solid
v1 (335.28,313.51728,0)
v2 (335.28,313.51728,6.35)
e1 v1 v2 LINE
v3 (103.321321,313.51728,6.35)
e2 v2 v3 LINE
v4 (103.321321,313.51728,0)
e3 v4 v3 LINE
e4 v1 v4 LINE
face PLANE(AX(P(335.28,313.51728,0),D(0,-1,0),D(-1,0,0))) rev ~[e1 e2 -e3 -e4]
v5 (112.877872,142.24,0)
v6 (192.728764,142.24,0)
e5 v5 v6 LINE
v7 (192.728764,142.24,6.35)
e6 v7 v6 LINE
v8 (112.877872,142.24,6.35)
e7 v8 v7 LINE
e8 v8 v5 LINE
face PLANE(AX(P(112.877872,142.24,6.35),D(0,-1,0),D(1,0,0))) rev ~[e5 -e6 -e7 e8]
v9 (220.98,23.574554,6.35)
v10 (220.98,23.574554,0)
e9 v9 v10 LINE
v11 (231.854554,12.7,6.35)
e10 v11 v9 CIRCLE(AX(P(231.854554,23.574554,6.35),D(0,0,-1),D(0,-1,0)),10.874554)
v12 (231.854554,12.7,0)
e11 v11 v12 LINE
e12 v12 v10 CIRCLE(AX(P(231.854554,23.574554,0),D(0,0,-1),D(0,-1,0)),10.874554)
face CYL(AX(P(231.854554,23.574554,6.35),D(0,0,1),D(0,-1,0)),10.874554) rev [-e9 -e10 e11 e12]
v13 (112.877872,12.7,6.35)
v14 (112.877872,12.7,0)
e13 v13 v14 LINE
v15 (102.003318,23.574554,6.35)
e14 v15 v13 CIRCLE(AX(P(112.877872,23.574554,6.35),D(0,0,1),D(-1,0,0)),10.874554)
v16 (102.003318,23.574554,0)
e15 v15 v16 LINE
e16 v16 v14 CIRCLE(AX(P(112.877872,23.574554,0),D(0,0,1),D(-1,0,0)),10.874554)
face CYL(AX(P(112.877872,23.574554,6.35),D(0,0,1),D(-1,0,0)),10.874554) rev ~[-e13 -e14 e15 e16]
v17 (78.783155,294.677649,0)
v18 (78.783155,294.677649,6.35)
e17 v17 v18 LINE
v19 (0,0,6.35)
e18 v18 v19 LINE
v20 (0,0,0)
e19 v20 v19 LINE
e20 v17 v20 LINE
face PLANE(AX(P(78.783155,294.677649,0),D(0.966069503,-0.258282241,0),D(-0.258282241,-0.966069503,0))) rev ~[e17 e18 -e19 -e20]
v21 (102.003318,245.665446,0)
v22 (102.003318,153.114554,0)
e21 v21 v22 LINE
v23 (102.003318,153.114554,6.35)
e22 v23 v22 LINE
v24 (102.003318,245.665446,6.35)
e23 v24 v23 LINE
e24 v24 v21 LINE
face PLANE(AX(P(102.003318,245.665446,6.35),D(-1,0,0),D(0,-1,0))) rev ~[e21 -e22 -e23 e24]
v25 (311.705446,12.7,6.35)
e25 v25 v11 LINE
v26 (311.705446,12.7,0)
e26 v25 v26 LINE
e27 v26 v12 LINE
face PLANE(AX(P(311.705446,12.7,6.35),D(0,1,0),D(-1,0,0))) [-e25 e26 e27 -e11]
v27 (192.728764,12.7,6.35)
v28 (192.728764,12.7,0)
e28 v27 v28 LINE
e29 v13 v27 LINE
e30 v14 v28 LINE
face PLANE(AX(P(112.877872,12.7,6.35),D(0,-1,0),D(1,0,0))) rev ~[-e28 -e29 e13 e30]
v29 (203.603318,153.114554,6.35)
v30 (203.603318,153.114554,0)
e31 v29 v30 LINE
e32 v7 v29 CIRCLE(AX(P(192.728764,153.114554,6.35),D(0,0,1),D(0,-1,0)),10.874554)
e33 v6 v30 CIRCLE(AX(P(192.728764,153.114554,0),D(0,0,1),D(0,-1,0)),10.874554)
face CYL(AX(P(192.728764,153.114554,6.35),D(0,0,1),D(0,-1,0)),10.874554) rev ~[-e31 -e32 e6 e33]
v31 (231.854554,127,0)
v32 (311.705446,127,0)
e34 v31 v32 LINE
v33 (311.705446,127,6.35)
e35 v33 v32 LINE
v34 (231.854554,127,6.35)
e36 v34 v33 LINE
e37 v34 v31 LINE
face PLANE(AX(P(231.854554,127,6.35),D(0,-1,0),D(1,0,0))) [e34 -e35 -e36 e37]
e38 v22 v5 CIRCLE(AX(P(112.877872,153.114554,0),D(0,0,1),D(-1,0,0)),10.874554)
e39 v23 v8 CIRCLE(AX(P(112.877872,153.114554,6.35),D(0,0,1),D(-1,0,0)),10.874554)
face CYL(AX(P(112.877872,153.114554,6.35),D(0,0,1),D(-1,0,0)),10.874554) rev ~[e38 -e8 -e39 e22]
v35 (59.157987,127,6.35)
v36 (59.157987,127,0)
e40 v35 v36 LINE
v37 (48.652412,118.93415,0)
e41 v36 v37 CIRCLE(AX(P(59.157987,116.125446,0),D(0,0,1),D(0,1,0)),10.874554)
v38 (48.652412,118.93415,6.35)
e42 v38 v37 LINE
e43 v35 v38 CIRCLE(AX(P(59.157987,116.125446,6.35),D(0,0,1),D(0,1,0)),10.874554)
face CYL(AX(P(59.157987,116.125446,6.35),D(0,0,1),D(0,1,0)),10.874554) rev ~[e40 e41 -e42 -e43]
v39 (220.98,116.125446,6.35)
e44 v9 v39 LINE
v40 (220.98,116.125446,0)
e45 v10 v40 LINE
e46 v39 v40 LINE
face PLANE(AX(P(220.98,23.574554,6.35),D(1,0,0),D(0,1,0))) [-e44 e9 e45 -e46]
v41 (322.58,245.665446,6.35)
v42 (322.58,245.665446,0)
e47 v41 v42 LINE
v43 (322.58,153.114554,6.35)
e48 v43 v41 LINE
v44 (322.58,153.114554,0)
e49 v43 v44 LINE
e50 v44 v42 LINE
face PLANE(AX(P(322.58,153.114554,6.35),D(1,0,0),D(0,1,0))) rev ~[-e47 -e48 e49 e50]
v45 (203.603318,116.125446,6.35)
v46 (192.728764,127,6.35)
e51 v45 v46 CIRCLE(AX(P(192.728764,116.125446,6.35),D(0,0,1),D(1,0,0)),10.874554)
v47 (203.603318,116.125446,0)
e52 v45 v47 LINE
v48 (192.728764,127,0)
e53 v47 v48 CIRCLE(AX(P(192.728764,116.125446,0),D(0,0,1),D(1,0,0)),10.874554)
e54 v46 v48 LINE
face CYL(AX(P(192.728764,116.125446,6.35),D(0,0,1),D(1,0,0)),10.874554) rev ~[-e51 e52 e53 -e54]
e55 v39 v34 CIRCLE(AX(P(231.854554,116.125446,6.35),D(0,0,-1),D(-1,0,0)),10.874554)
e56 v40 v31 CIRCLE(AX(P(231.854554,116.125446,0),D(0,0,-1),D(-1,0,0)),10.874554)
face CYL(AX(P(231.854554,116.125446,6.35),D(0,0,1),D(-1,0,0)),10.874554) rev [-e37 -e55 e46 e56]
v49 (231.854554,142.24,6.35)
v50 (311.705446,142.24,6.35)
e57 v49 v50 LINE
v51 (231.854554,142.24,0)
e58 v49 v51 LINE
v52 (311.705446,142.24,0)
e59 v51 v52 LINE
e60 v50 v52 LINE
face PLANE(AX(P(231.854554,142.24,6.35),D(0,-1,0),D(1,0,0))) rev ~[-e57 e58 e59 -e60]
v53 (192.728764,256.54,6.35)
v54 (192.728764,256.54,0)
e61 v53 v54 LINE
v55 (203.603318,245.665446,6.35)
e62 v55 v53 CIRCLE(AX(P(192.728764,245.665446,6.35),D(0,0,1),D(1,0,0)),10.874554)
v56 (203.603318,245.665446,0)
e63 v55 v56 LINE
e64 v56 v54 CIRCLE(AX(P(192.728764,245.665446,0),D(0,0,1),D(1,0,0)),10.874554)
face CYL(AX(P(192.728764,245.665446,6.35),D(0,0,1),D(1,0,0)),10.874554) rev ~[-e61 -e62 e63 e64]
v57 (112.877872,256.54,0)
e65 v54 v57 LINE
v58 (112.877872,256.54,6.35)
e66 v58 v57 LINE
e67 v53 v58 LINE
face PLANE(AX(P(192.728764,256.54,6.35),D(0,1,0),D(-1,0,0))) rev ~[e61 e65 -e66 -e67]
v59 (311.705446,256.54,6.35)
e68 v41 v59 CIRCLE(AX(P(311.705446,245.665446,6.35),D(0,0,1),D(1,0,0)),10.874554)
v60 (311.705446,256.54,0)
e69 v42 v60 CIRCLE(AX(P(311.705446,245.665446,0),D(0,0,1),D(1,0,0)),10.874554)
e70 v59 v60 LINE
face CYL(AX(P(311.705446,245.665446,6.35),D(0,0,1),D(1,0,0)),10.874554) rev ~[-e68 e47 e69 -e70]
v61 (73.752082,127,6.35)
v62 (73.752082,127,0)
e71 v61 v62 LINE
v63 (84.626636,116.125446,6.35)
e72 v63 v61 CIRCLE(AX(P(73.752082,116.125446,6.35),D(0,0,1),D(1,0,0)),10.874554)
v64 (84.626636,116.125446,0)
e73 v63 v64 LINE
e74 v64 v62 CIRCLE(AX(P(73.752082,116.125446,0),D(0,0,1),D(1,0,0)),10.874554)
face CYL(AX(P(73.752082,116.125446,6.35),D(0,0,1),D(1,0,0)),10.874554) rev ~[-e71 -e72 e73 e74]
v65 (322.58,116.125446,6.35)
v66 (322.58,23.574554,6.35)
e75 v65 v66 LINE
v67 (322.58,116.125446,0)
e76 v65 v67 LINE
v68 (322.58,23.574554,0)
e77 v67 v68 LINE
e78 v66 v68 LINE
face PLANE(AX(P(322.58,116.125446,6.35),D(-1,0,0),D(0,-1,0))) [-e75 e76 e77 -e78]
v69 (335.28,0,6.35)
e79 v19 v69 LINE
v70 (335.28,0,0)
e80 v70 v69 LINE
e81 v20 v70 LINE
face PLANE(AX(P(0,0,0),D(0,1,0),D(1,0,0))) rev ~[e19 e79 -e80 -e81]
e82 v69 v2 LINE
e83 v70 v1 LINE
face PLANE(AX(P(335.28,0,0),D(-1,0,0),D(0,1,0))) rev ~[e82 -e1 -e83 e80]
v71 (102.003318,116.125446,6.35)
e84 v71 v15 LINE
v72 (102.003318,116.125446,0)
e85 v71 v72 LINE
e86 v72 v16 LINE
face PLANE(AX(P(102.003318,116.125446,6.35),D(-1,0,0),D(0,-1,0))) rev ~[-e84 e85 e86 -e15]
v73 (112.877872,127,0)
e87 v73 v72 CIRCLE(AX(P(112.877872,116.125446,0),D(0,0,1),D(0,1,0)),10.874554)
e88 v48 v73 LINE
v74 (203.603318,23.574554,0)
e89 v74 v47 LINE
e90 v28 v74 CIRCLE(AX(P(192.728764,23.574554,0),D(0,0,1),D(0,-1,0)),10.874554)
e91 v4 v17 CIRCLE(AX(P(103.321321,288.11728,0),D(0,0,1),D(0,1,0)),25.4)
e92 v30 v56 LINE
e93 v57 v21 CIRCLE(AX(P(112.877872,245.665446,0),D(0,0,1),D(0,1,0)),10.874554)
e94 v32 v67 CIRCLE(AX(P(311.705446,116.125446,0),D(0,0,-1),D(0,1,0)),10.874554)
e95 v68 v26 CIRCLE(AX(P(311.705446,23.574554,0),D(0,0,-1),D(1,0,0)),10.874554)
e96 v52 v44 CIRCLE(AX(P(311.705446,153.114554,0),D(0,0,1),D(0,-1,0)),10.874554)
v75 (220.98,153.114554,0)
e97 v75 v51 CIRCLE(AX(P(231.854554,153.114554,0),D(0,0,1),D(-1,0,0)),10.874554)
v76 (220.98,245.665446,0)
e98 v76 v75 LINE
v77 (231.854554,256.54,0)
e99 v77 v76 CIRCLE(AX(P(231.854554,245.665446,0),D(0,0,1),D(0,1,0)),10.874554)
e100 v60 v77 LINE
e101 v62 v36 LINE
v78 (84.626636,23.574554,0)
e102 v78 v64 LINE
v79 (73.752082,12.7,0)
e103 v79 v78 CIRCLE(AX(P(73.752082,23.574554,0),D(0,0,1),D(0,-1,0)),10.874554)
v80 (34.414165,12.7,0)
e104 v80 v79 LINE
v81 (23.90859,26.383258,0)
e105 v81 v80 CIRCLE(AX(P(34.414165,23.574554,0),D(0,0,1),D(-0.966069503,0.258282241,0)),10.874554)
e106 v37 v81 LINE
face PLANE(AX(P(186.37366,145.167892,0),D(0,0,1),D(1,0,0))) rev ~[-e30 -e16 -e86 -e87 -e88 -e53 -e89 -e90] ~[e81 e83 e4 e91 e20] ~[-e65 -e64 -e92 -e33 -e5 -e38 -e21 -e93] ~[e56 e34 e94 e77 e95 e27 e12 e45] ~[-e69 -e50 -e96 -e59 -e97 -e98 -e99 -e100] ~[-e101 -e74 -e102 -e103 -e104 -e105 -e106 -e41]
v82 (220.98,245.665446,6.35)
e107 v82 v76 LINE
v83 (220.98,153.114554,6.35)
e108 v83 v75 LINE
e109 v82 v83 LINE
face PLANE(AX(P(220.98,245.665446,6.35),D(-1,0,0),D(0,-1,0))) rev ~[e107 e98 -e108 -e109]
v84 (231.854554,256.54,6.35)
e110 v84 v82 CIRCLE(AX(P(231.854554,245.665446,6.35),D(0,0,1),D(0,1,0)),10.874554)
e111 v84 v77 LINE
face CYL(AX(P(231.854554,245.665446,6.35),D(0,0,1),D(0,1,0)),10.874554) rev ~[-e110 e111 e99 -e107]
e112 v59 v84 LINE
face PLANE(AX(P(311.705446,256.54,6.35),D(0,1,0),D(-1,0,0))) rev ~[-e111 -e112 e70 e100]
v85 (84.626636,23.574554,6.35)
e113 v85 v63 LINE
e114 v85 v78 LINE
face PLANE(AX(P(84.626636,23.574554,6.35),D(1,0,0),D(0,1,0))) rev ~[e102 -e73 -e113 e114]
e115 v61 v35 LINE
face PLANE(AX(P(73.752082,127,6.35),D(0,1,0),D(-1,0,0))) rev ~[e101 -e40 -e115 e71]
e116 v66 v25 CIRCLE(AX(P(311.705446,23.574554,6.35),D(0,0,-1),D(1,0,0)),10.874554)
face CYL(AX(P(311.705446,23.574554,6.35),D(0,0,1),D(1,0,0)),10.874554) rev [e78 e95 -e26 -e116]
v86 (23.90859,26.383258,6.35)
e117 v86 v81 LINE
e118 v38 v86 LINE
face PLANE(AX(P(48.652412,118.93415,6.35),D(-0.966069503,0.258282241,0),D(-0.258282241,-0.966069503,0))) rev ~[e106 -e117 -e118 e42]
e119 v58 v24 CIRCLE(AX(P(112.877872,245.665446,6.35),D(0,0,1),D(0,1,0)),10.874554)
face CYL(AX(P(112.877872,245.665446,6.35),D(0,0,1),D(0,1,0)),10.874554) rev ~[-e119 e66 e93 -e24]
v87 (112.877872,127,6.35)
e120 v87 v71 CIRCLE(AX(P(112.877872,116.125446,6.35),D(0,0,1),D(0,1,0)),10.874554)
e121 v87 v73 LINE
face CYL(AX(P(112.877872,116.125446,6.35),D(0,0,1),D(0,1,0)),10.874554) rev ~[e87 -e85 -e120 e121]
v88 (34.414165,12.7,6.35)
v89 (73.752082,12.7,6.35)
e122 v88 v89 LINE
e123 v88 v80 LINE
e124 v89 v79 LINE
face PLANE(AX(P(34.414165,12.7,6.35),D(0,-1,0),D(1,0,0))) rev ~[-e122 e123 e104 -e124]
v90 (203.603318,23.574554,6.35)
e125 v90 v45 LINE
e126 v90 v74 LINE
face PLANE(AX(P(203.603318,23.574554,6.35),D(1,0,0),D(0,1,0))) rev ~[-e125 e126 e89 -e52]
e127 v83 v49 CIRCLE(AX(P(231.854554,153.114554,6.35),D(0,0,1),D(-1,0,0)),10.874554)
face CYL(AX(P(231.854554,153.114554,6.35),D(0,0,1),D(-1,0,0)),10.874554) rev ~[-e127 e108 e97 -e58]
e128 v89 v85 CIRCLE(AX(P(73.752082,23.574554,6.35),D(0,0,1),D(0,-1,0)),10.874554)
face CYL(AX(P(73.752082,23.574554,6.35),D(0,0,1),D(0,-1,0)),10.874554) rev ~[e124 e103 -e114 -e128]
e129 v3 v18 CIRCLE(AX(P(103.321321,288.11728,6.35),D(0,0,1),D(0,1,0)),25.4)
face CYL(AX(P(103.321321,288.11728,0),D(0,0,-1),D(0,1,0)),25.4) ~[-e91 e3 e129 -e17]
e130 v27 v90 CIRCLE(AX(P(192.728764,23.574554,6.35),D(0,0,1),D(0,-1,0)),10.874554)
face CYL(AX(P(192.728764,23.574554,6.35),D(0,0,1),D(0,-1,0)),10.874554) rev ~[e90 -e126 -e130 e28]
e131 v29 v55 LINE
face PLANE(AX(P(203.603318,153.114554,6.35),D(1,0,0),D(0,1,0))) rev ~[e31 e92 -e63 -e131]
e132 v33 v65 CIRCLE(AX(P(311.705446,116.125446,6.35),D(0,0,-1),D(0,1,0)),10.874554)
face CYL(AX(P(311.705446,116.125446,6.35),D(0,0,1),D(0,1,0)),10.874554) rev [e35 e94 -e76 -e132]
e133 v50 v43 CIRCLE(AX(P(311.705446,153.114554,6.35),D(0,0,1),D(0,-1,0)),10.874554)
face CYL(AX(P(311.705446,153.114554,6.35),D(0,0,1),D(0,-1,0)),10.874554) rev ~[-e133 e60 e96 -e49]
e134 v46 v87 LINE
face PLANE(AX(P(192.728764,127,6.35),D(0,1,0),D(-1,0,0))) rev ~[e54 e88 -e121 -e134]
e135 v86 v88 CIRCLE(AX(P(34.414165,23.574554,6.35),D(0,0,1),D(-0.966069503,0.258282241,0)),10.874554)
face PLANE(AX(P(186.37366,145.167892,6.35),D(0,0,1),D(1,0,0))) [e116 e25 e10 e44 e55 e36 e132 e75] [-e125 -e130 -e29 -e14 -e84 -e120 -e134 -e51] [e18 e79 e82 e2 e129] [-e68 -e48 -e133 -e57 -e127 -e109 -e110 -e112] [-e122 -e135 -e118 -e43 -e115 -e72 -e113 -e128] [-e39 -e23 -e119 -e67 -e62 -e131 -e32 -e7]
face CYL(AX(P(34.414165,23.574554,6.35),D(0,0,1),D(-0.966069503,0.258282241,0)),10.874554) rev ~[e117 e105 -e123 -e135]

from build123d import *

# Parameters (mm, degrees)
BOSS_EXTRUDE1_DEPTH = 6.35
CUT_EXTRUDE1_DEPTH  = 6.35


with BuildPart() as part:
    # Sketch1 → Boss-Extrude1 (new body)
    with BuildSketch(Plane.XY):
        with BuildLine():
            Line((0, 0), (335.28, 0))
            Line((335.28, 0), (335.28, 313.51728))
            Line((335.28, 313.51728), (103.321320582, 313.51728))
            ThreePointArc((103.321320582, 313.51728), (87.853181888, 308.264157806), (78.783155215, 294.677648925))
            Line((78.783155215, 294.677648925), (0, 0))
        make_face()
    extrude(amount=BOSS_EXTRUDE1_DEPTH)

    # Sketch2 → Cut-Extrude1 (cut)
    with BuildSketch(Plane.XY.offset(6.35)):
        with BuildLine():
            Line((311.705446202, 12.7), (231.854553798, 12.7))
            ThreePointArc((231.854553798, 12.7), (224.165083065, 15.885083065), (220.98, 23.574553798))
            Line((220.98, 23.574553798), (220.98, 116.125446202))
            ThreePointArc((220.98, 116.125446202), (224.165083065, 123.814916935), (231.854553798, 127))
            Line((231.854553798, 127), (311.705446202, 127))
            ThreePointArc((311.705446202, 127), (319.394916935, 123.814916935), (322.58, 116.125446202))
            Line((322.58, 116.125446202), (322.58, 23.574553798))
            ThreePointArc((322.58, 23.574553798), (319.394916935, 15.885083065), (311.705446202, 12.7))
        make_face()
        with BuildLine():
            Line((203.603317785, 23.574553798), (203.603317785, 116.125446202))
            ThreePointArc((203.603317785, 116.125446202), (200.41823472, 123.814916935), (192.728763987, 127))
            Line((192.728763987, 127), (112.877871584, 127))
            ThreePointArc((112.877871584, 127), (105.18840085, 123.814916935), (102.003317785, 116.125446202))
            Line((102.003317785, 116.125446202), (102.003317785, 23.574553798))
            ThreePointArc((102.003317785, 23.574553798), (105.18840085, 15.885083065), (112.877871584, 12.7))
            Line((112.877871584, 12.7), (192.728763987, 12.7))
            ThreePointArc((192.728763987, 12.7), (200.41823472, 15.885083065), (203.603317785, 23.574553798))
        make_face()
        with BuildLine():
            Line((84.62663557, 23.574553798), (84.62663557, 116.125446202))
            ThreePointArc((84.62663557, 116.125446202), (81.441552505, 123.814916935), (73.752081772, 127))
            Line((73.752081772, 127), (59.157987156, 127))
            ThreePointArc((59.157987156, 127), (52.535581392, 124.750970083), (48.652412376, 118.934150328))
            Line((48.652412376, 118.934150328), (23.908590277, 26.383257925))
            ThreePointArc((23.908590277, 26.383257925), (25.788641176, 16.952148035), (34.414165057, 12.7))
            Line((34.414165057, 12.7), (73.752081772, 12.7))
            ThreePointArc((73.752081772, 12.7), (81.441552505, 15.885083065), (84.62663557, 23.574553798))
        make_face()
        with BuildLine():
            Line((203.603317785, 153.114553798), (203.603317785, 245.665446202))
            ThreePointArc((203.603317785, 245.665446202), (200.41823472, 253.354916935), (192.728763987, 256.54))
            Line((192.728763987, 256.54), (112.877871584, 256.54))
            ThreePointArc((112.877871584, 256.54), (105.18840085, 253.354916935), (102.003317785, 245.665446202))
            Line((102.003317785, 245.665446202), (102.003317785, 153.114553798))
            ThreePointArc((102.003317785, 153.114553798), (105.18840085, 145.425083065), (112.877871584, 142.24))
            Line((112.877871584, 142.24), (192.728763987, 142.24))
            ThreePointArc((192.728763987, 142.24), (200.41823472, 145.425083065), (203.603317785, 153.114553798))
        make_face()
        with BuildLine():
            Line((322.58, 153.114553798), (322.58, 245.665446202))
            ThreePointArc((322.58, 245.665446202), (319.394916935, 253.354916935), (311.705446202, 256.54))
            Line((311.705446202, 256.54), (231.854553798, 256.54))
            ThreePointArc((231.854553798, 256.54), (224.165083065, 253.354916935), (220.98, 245.665446202))
            Line((220.98, 245.665446202), (220.98, 153.114553798))
            ThreePointArc((220.98, 153.114553798), (224.165083065, 145.425083065), (231.854553798, 142.24))
            Line((231.854553798, 142.24), (311.705446202, 142.24))
            ThreePointArc((311.705446202, 142.24), (319.394916935, 145.425083065), (322.58, 153.114553798))
        make_face()
    extrude(amount=-CUT_EXTRUDE1_DEPTH, mode=Mode.SUBTRACT)


solid = part.part
